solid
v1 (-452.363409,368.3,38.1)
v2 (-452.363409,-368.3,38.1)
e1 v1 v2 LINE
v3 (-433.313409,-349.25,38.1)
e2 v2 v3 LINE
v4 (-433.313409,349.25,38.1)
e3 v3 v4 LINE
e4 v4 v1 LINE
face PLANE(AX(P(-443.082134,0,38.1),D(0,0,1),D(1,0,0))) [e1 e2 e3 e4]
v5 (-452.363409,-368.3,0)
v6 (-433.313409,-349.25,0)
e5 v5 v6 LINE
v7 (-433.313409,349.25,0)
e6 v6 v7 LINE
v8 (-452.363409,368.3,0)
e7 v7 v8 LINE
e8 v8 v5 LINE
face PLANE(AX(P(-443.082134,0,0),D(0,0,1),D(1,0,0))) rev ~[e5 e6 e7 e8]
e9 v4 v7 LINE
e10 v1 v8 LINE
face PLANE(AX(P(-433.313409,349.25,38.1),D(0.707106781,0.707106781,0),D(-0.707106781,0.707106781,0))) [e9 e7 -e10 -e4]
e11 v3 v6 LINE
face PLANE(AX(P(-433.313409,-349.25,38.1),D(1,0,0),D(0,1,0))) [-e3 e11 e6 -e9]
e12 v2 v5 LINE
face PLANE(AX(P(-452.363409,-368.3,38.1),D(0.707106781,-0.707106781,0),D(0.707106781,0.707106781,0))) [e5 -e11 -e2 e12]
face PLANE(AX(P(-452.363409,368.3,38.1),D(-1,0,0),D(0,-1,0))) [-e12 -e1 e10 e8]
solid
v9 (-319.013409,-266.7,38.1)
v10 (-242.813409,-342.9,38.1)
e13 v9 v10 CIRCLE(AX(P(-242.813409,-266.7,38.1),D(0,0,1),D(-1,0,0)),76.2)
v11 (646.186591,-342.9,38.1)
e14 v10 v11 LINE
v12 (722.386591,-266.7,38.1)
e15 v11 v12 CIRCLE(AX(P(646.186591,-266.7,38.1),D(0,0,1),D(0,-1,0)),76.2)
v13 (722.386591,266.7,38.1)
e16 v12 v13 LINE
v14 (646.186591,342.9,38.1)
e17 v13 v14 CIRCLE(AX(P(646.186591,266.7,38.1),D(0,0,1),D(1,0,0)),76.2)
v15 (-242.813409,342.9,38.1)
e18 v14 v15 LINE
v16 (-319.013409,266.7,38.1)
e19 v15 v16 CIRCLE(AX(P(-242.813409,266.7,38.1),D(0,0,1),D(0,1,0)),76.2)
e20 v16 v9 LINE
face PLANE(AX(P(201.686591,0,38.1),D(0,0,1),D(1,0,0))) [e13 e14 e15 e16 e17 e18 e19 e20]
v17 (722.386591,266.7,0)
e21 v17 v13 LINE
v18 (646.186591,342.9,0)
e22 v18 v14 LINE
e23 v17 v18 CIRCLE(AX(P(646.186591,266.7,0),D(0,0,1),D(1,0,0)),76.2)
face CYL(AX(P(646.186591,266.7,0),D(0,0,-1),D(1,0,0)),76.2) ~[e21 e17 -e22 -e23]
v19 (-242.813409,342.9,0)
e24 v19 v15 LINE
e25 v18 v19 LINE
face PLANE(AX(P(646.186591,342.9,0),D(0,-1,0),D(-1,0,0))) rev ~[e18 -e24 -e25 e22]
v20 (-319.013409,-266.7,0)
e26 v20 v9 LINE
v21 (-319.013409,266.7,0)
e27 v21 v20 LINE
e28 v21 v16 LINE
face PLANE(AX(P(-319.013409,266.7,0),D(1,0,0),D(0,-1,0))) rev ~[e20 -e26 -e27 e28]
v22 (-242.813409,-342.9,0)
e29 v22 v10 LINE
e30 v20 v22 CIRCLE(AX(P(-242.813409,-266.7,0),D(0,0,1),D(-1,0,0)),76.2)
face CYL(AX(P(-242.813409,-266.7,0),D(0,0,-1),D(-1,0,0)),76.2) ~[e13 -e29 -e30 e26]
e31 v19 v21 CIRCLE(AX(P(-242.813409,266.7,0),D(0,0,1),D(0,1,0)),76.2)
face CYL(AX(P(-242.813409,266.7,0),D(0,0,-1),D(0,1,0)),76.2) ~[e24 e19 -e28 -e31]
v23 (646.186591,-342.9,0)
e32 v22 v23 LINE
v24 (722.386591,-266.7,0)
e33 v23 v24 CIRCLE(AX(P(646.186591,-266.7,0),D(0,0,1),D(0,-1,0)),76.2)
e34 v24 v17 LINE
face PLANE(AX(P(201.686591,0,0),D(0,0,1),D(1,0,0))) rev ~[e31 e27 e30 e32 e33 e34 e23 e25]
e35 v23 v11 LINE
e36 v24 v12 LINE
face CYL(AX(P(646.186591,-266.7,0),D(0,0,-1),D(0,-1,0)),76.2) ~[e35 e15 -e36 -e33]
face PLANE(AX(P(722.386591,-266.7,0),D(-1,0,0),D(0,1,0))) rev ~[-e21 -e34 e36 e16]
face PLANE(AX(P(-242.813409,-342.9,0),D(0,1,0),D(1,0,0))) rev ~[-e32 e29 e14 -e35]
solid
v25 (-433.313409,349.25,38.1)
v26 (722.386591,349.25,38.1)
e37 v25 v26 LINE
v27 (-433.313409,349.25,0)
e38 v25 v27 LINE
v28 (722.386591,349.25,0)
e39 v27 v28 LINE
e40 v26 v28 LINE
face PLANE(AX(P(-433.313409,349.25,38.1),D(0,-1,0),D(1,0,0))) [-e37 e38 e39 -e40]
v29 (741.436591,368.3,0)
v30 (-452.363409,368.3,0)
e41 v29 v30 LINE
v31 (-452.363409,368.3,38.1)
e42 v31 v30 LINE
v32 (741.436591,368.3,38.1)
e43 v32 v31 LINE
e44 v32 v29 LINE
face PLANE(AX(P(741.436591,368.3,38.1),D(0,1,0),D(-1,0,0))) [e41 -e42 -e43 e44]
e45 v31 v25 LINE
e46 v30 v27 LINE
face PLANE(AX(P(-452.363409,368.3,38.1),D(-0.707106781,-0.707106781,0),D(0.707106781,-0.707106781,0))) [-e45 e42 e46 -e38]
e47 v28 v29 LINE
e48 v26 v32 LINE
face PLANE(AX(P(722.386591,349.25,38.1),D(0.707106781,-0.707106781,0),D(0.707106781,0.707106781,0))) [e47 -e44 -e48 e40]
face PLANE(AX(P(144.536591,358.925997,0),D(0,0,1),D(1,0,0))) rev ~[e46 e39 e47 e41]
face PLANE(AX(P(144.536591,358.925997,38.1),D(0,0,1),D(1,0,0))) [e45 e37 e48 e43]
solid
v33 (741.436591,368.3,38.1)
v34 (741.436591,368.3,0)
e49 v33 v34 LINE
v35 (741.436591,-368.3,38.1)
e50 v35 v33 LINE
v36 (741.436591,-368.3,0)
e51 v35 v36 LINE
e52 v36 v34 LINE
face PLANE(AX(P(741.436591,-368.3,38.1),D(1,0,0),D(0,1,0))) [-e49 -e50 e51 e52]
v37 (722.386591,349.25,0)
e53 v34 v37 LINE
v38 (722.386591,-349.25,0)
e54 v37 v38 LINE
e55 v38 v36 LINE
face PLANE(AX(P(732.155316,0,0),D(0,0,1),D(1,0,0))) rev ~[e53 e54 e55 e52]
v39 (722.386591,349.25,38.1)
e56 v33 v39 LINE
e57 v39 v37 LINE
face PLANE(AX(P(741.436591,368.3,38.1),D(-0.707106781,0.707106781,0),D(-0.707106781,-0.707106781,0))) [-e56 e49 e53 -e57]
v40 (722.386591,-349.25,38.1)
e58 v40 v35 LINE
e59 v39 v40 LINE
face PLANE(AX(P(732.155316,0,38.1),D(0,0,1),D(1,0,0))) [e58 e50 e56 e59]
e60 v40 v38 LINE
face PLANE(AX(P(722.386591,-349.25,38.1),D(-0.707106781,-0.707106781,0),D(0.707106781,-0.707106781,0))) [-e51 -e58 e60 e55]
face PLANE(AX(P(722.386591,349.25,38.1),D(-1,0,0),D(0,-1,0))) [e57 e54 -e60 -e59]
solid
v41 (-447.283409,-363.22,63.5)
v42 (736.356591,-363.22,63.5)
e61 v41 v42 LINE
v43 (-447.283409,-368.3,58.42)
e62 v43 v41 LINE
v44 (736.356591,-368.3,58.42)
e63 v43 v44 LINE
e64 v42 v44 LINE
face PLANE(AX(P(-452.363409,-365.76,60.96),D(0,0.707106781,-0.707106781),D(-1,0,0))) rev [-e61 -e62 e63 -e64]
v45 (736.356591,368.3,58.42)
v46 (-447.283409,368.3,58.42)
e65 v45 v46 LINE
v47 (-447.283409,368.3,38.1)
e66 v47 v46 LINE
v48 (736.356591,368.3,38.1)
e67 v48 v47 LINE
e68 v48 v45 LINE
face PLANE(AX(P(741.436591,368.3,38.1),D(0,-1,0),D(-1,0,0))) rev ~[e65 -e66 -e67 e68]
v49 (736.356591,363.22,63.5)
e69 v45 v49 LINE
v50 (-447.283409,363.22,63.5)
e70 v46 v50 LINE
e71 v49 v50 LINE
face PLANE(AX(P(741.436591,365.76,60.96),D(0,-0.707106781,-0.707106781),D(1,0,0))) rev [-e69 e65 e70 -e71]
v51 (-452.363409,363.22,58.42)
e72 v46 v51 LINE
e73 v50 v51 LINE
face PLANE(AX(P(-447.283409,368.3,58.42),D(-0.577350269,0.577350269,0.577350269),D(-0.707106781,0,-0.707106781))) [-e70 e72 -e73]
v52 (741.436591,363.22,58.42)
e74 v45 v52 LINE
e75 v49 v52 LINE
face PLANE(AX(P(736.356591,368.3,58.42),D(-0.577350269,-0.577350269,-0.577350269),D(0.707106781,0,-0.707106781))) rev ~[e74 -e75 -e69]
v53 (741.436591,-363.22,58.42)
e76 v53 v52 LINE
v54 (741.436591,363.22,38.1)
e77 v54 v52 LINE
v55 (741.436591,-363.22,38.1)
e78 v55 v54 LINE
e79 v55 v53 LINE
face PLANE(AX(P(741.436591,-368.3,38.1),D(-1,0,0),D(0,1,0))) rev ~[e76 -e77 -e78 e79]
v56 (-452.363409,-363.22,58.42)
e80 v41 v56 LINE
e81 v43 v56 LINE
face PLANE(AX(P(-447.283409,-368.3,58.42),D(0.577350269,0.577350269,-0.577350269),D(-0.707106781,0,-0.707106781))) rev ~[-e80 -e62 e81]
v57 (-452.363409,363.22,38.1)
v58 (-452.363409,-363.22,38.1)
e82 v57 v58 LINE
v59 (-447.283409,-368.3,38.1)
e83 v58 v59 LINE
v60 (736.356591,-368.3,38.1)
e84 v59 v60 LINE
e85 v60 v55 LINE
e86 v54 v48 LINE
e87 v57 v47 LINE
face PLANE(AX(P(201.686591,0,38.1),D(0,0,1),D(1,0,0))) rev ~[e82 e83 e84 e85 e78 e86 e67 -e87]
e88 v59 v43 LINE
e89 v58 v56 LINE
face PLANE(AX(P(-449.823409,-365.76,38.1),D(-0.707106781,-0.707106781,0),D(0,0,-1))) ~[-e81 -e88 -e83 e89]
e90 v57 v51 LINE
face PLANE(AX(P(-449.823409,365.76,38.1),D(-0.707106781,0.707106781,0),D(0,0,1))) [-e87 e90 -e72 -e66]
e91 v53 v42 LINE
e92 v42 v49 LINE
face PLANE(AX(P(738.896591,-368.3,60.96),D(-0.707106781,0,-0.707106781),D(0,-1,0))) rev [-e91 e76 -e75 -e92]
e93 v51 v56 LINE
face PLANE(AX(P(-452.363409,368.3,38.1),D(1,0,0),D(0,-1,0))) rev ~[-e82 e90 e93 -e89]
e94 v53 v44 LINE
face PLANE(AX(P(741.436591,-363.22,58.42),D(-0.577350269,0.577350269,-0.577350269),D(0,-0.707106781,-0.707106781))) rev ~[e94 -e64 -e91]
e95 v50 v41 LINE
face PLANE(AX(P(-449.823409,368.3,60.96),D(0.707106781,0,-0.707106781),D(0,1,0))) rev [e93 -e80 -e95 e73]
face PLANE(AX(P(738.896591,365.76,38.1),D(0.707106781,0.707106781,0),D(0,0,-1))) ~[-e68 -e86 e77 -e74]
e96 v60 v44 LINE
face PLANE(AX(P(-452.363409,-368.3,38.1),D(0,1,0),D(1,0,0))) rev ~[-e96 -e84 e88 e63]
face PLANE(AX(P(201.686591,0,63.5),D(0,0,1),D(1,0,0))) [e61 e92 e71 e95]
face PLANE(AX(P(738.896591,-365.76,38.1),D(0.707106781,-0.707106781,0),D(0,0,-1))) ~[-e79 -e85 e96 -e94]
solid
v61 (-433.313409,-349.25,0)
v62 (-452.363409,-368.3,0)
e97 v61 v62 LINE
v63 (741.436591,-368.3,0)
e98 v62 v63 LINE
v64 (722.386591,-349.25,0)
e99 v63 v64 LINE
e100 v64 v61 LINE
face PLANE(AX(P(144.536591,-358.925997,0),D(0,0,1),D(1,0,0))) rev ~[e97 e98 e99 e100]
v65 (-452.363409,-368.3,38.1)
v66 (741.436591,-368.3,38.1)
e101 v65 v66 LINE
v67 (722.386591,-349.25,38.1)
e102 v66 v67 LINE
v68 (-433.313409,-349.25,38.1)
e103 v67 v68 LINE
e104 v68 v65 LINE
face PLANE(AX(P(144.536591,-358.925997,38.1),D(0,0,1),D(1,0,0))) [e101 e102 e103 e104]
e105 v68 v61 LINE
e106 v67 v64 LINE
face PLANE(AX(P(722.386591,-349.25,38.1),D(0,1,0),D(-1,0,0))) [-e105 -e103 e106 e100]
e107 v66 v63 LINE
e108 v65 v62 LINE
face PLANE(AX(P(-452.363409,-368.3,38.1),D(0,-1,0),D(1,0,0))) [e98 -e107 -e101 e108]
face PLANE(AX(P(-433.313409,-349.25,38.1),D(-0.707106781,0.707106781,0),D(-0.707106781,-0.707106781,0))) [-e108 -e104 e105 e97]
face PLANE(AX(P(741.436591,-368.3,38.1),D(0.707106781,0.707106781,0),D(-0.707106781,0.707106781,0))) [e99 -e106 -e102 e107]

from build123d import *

# Parameters (mm, degrees)
F1_DEPTH = 38.1
F3_DEPTH = 38.1
F4_DEPTH = 25.4
F5_DEPTH = 38.1
F6_SIZE  = 5.08


with BuildPart() as f1:
    # F0 (on Top) → F1 (new body)
    with BuildSketch(Plane.XY):
        with BuildLine():
            Line((-242.81340909, -342.9), (646.18659091, -342.9))
            ThreePointArc((646.18659091, -342.9), (700.0681276364, -320.5815367264), (722.38659091, -266.7))
            Line((722.38659091, -266.7), (722.38659091, 266.7))
            ThreePointArc((722.38659091, 266.7), (700.0681276364, 320.5815367264), (646.18659091, 342.9))
            Line((646.18659091, 342.9), (-242.81340909, 342.9))
            ThreePointArc((-242.81340909, 342.9), (-296.6949458165, 320.5815367264), (-319.01340909, 266.7))
            Line((-319.01340909, 266.7), (-319.01340909, -266.7))
            ThreePointArc((-319.01340909, -266.7), (-296.6949458165, -320.5815367264), (-242.81340909, -342.9))
        make_face()
    extrude(amount=F1_DEPTH)


with BuildPart() as f3:
    # F2 (on face) → F3 (new body)
    with BuildSketch(Plane.XY.offset(38.1)):
        Polygon((722.38659091, 349.25), (741.43659091, 368.3), (-452.36340909, 368.3), (-433.31340909, 349.25), align=None)
    extrude(amount=-F3_DEPTH)


with BuildPart() as f3b:
    # F2 (on face) → F3, piece 2 (new body)
    with BuildSketch(Plane.XY.offset(38.1)):
        Polygon((-452.36340909, -368.3), (741.43659091, -368.3), (722.38659091, -349.25), (-433.31340909, -349.25), align=None)
    extrude(amount=-F3_DEPTH)


with BuildPart() as f4:
    # F2 (on face) → F4 (new body)
    with BuildSketch(Plane.XY.offset(38.1)):
        with BuildLine():
            ThreePointArc((646.18659091, -342.9), (700.0681276364, -320.5815367264), (722.38659091, -266.7))
            Line((722.38659091, -266.7), (722.38659091, 266.7))
            ThreePointArc((722.38659091, 266.7), (700.0681276364, 320.5815367264), (646.18659091, 342.9))
            Line((646.18659091, 342.9), (-242.81340909, 342.9))
            ThreePointArc((-242.81340909, 342.9), (-296.6949458165, 320.5815367264), (-319.01340909, 266.7))
            Line((-319.01340909, 266.7), (-319.01340909, -266.7))
            ThreePointArc((-319.01340909, -266.7), (-296.6949458165, -320.5815367264), (-242.81340909, -342.9))
            Line((-242.81340909, -342.9), (646.18659091, -342.9))
        make_face()
        Polygon((-452.36340909, -368.3), (741.43659091, -368.3), (722.38659091, -349.25), (-433.31340909, -349.25), align=None)
        Polygon((722.38659091, -349.25), (741.43659091, -368.3), (741.43659091, 368.3), (722.38659091, 349.25), (722.38659091, 266.7), (722.38659091, -266.7), align=None)
        Polygon((-452.36340909, 368.3), (-452.36340909, -368.3), (-433.31340909, -349.25), (-433.31340909, 349.25), align=None)
        with BuildLine():
            Line((-433.31340909, -349.25), (722.38659091, -349.25))
            Line((722.38659091, -349.25), (722.38659091, -266.7))
            ThreePointArc((722.38659091, -266.7), (700.0681276364, -320.5815367264), (646.18659091, -342.9))
            Line((646.18659091, -342.9), (-242.81340909, -342.9))
            ThreePointArc((-242.81340909, -342.9), (-296.6949458165, -320.5815367264), (-319.01340909, -266.7))
            Line((-319.01340909, -266.7), (-319.01340909, 266.7))
            ThreePointArc((-319.01340909, 266.7), (-296.6949458165, 320.5815367264), (-242.81340909, 342.9))
            Line((-242.81340909, 342.9), (646.18659091, 342.9))
            ThreePointArc((646.18659091, 342.9), (700.0681276364, 320.5815367264), (722.38659091, 266.7))
            Line((722.38659091, 266.7), (722.38659091, 349.25))
            Line((722.38659091, 349.25), (-433.31340909, 349.25))
            Line((-433.31340909, 349.25), (-433.31340909, -349.25))
        make_face()
        Polygon((722.38659091, 349.25), (741.43659091, 368.3), (-452.36340909, 368.3), (-433.31340909, 349.25), align=None)
    extrude(amount=F4_DEPTH)

    # F6
    f6_edges = [f4.edges().sort_by_distance(p)[0] for p in [
        (-452.363409, 0, 63.5),
        (144.536591, -368.3, 63.5),
        (741.436591, 0, 63.5),
        (144.536591, 368.3, 63.5),
        (741.436591, -368.3, 50.8),
        (741.436591, 368.3, 50.8),
        (-452.363409, -368.3, 50.8),
        (-452.363409, 368.3, 50.8),
    ]]
    chamfer(f6_edges, length=F6_SIZE)


with BuildPart() as f5:
    # F2 (on face) → F5 (new body)
    with BuildSketch(Plane.XY.offset(38.1)):
        Polygon((-452.36340909, 368.3), (-452.36340909, -368.3), (-433.31340909, -349.25), (-433.31340909, 349.25), align=None)
    extrude(amount=-F5_DEPTH)


with BuildPart() as f5b:
    # F2 (on face) → F5, piece 2 (new body)
    with BuildSketch(Plane.XY.offset(38.1)):
        Polygon((722.38659091, -349.25), (741.43659091, -368.3), (741.43659091, 368.3), (722.38659091, 349.25), (722.38659091, 266.7), (722.38659091, -266.7), align=None)
    extrude(amount=-F5_DEPTH)


solid = Compound([f1.part, f3.part, f3b.part, f4.part, f5.part, f5b.part])
